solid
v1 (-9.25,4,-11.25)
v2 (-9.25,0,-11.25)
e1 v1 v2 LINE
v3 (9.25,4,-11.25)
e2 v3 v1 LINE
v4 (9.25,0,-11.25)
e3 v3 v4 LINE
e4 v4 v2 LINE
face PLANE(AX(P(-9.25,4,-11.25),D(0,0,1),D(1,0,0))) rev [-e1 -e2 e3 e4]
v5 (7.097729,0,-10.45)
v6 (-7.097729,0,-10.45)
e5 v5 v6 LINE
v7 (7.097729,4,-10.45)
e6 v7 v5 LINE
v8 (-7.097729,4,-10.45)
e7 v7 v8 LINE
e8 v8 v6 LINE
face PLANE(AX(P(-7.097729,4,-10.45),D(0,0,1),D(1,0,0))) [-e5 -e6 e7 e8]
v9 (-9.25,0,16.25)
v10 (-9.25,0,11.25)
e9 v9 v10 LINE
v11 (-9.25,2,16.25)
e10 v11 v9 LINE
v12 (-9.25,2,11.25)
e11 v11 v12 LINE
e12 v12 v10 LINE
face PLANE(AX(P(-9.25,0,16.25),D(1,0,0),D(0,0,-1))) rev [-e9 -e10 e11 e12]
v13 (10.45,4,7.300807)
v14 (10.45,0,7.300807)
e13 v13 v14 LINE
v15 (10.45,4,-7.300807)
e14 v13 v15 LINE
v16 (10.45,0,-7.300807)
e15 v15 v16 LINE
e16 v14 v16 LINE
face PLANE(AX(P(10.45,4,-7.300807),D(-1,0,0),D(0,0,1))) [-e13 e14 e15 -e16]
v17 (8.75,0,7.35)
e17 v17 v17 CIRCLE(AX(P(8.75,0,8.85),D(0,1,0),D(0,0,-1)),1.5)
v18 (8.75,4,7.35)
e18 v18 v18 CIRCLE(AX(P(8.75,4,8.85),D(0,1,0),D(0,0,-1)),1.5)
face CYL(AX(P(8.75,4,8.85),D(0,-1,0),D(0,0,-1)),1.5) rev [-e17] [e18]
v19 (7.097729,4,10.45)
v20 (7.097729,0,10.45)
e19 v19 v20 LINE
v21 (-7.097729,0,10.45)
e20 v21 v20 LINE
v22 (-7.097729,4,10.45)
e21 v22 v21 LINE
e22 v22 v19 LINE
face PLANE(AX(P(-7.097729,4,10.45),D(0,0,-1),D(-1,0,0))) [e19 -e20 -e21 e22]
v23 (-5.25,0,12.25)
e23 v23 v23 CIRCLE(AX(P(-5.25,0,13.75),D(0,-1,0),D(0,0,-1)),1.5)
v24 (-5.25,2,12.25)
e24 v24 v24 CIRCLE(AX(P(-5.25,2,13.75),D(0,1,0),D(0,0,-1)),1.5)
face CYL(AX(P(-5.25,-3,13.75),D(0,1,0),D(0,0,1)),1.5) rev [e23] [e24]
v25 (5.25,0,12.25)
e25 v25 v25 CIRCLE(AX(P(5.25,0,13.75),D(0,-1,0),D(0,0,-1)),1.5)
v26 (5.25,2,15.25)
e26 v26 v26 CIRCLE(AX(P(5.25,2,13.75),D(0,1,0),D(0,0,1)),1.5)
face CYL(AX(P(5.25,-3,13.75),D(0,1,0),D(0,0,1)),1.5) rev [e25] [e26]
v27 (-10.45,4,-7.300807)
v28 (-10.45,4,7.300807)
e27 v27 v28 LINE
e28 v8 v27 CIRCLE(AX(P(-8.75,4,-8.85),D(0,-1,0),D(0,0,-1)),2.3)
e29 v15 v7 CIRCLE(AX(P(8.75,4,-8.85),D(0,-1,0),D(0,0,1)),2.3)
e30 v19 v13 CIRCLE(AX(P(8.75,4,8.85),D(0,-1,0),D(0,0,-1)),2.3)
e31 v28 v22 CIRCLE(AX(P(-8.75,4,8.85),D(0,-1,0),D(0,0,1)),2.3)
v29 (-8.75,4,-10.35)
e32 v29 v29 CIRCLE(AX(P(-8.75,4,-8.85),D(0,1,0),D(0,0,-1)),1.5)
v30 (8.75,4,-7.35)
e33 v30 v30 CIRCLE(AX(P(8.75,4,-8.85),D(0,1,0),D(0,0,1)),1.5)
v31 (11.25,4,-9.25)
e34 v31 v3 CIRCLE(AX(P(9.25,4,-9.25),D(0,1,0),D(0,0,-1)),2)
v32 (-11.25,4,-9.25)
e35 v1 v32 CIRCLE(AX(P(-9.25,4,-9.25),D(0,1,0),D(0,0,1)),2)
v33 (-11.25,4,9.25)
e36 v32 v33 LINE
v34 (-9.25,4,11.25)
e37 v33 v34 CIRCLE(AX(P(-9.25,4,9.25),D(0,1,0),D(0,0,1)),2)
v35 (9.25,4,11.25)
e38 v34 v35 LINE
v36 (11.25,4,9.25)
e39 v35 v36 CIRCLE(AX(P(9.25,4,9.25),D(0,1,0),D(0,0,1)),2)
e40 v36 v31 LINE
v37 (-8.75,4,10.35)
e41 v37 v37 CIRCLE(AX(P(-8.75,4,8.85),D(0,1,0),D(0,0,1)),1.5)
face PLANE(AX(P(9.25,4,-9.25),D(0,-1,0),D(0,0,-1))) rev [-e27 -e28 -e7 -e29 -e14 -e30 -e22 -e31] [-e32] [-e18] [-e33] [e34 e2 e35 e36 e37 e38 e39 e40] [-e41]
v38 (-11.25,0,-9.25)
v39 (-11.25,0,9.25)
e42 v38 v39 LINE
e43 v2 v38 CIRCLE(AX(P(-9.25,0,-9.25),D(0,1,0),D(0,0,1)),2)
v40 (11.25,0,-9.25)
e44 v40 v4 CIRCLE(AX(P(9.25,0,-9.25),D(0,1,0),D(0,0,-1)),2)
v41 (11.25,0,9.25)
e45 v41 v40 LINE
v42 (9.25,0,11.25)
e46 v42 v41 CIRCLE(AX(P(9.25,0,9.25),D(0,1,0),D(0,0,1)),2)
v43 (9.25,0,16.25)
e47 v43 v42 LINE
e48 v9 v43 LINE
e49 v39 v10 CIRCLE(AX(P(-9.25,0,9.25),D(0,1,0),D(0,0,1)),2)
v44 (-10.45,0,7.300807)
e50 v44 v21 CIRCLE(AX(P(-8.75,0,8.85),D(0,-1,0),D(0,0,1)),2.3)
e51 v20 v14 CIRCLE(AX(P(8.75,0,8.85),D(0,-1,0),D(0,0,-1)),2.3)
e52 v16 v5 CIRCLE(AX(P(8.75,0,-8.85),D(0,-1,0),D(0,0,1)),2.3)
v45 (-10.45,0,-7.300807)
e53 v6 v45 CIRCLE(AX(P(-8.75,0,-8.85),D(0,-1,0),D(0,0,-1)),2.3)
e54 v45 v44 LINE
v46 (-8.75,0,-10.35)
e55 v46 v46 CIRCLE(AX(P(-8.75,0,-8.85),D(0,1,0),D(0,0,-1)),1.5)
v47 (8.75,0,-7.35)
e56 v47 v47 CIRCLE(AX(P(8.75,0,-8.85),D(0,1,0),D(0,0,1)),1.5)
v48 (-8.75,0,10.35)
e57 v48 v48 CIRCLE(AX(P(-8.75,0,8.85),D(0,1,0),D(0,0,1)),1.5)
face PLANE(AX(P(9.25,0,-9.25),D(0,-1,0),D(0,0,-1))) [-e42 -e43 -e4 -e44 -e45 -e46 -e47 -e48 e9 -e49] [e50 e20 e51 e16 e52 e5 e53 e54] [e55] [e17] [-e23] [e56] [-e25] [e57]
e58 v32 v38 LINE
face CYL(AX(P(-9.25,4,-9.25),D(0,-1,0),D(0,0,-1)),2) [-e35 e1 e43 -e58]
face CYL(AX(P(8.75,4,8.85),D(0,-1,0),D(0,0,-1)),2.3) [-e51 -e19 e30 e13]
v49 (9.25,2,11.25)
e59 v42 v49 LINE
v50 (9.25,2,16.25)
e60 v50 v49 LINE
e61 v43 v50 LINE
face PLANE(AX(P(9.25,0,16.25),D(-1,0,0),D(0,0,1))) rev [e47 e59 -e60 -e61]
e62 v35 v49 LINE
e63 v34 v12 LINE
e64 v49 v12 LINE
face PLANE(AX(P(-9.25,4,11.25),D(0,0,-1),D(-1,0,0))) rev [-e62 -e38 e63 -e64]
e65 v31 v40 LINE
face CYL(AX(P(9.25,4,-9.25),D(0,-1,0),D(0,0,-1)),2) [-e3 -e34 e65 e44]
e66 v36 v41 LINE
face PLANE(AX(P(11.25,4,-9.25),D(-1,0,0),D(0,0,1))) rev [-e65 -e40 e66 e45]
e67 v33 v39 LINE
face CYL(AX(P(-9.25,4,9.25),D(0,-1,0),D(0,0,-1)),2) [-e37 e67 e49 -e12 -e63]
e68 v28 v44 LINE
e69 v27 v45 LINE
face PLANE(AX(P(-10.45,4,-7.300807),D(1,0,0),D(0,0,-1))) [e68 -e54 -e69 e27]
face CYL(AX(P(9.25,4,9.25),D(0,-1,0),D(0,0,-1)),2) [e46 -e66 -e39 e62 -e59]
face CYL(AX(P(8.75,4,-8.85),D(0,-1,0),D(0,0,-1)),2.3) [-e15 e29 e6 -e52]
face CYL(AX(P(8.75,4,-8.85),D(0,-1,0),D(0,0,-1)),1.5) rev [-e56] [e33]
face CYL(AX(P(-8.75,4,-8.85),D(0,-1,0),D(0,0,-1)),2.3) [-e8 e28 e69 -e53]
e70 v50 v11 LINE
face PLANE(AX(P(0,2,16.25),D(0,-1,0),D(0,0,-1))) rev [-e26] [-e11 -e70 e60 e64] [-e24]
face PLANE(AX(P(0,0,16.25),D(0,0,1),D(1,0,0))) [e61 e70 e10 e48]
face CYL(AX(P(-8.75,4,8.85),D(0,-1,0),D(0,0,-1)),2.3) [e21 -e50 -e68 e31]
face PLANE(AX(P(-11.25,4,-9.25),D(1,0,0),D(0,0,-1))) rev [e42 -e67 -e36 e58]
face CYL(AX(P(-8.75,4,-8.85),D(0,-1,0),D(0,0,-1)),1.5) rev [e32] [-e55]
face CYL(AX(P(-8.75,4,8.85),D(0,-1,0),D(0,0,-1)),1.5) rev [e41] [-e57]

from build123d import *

# Parameters (mm, degrees)
SKETCH1_R           = 1.5
BOSS_EXTRUDE1_DEPTH = 4
SKETCH2_W           = 18.5
SKETCH2_H           = 2
BOSS_EXTRUDE2_DEPTH = 5
SKETCH3_R           = 1.5
CUT_EXTRUDE1_DEPTH  = 5


with BuildPart() as part:
    # Sketch1 → Boss-Extrude1 (new body)
    with BuildSketch(Plane(origin=(0, 0, 0), x_dir=(1, 0, 0), z_dir=(0, 1, 0))):
        with BuildLine():
            Line((-9.25, 11.25), (9.25, 11.25))
            ThreePointArc((9.25, 11.25), (10.664213562, 10.664213562), (11.25, 9.25))
            Line((11.25, 9.25), (11.25, -9.25))
            ThreePointArc((11.25, -9.25), (10.664213562, -10.664213562), (9.25, -11.25))
            Line((9.25, -11.25), (-9.25, -11.25))
            ThreePointArc((-9.25, -11.25), (-10.664213562, -10.664213562), (-11.25, -9.25))
            Line((-11.25, -9.25), (-11.25, 9.25))
            ThreePointArc((-11.25, 9.25), (-10.664213562, 10.664213562), (-9.25, 11.25))
        make_face()
        with Locations(Location((8.75, 8.85, 0), (0, 0, 270))):
            Circle(SKETCH1_R, mode=Mode.SUBTRACT)
        with Locations(Location((8.75, -8.85, 0), (0, 0, 90))):
            Circle(SKETCH1_R, mode=Mode.SUBTRACT)
        with Locations(Location((-8.75, 8.85, 0), (0, 0, 90))):
            Circle(SKETCH1_R, mode=Mode.SUBTRACT)
        with Locations(Location((-8.75, -8.85, 0), (0, 0, 270))):
            Circle(SKETCH1_R, mode=Mode.SUBTRACT)
        with BuildLine():
            Line((-7.097728836, 10.45), (7.097728836, 10.45))
            ThreePointArc((7.097728836, 10.45), (7.175222498, 7.173671924), (10.45, 7.300806662))
            Line((10.45, 7.300806662), (10.45, -7.300806662))
            ThreePointArc((10.45, -7.300806662), (7.175222498, -7.173671924), (7.097728836, -10.45))
            Line((7.097728836, -10.45), (-7.097728836, -10.45))
            ThreePointArc((-7.097728836, -10.45), (-7.175222498, -7.173671924), (-10.45, -7.300806662))
            Line((-10.45, -7.300806662), (-10.45, 7.300806662))
            ThreePointArc((-10.45, 7.300806662), (-7.175222498, 7.173671924), (-7.097728836, 10.45))
        make_face(mode=Mode.SUBTRACT)
    extrude(amount=BOSS_EXTRUDE1_DEPTH)

    # Sketch2 → Boss-Extrude2 (add)
    with BuildSketch(Plane.XY.offset(11.25)):
        with Locations((0, 1)):
            Rectangle(SKETCH2_W, SKETCH2_H)
    extrude(amount=BOSS_EXTRUDE2_DEPTH)

    # Sketch3 → Cut-Extrude1 (cut)
    with BuildSketch(Plane(origin=(0, 2, 0), x_dir=(1, 0, 0), z_dir=(0, 1, 0))):
        with Locations(Location((5.25, -13.75, 0), (0, 0, 270))):
            Circle(SKETCH3_R)
        with Locations(Location((-5.25, -13.75, 0), (0, 0, 90))):
            Circle(SKETCH3_R)
    extrude(amount=-CUT_EXTRUDE1_DEPTH, mode=Mode.SUBTRACT)


solid = part.part
